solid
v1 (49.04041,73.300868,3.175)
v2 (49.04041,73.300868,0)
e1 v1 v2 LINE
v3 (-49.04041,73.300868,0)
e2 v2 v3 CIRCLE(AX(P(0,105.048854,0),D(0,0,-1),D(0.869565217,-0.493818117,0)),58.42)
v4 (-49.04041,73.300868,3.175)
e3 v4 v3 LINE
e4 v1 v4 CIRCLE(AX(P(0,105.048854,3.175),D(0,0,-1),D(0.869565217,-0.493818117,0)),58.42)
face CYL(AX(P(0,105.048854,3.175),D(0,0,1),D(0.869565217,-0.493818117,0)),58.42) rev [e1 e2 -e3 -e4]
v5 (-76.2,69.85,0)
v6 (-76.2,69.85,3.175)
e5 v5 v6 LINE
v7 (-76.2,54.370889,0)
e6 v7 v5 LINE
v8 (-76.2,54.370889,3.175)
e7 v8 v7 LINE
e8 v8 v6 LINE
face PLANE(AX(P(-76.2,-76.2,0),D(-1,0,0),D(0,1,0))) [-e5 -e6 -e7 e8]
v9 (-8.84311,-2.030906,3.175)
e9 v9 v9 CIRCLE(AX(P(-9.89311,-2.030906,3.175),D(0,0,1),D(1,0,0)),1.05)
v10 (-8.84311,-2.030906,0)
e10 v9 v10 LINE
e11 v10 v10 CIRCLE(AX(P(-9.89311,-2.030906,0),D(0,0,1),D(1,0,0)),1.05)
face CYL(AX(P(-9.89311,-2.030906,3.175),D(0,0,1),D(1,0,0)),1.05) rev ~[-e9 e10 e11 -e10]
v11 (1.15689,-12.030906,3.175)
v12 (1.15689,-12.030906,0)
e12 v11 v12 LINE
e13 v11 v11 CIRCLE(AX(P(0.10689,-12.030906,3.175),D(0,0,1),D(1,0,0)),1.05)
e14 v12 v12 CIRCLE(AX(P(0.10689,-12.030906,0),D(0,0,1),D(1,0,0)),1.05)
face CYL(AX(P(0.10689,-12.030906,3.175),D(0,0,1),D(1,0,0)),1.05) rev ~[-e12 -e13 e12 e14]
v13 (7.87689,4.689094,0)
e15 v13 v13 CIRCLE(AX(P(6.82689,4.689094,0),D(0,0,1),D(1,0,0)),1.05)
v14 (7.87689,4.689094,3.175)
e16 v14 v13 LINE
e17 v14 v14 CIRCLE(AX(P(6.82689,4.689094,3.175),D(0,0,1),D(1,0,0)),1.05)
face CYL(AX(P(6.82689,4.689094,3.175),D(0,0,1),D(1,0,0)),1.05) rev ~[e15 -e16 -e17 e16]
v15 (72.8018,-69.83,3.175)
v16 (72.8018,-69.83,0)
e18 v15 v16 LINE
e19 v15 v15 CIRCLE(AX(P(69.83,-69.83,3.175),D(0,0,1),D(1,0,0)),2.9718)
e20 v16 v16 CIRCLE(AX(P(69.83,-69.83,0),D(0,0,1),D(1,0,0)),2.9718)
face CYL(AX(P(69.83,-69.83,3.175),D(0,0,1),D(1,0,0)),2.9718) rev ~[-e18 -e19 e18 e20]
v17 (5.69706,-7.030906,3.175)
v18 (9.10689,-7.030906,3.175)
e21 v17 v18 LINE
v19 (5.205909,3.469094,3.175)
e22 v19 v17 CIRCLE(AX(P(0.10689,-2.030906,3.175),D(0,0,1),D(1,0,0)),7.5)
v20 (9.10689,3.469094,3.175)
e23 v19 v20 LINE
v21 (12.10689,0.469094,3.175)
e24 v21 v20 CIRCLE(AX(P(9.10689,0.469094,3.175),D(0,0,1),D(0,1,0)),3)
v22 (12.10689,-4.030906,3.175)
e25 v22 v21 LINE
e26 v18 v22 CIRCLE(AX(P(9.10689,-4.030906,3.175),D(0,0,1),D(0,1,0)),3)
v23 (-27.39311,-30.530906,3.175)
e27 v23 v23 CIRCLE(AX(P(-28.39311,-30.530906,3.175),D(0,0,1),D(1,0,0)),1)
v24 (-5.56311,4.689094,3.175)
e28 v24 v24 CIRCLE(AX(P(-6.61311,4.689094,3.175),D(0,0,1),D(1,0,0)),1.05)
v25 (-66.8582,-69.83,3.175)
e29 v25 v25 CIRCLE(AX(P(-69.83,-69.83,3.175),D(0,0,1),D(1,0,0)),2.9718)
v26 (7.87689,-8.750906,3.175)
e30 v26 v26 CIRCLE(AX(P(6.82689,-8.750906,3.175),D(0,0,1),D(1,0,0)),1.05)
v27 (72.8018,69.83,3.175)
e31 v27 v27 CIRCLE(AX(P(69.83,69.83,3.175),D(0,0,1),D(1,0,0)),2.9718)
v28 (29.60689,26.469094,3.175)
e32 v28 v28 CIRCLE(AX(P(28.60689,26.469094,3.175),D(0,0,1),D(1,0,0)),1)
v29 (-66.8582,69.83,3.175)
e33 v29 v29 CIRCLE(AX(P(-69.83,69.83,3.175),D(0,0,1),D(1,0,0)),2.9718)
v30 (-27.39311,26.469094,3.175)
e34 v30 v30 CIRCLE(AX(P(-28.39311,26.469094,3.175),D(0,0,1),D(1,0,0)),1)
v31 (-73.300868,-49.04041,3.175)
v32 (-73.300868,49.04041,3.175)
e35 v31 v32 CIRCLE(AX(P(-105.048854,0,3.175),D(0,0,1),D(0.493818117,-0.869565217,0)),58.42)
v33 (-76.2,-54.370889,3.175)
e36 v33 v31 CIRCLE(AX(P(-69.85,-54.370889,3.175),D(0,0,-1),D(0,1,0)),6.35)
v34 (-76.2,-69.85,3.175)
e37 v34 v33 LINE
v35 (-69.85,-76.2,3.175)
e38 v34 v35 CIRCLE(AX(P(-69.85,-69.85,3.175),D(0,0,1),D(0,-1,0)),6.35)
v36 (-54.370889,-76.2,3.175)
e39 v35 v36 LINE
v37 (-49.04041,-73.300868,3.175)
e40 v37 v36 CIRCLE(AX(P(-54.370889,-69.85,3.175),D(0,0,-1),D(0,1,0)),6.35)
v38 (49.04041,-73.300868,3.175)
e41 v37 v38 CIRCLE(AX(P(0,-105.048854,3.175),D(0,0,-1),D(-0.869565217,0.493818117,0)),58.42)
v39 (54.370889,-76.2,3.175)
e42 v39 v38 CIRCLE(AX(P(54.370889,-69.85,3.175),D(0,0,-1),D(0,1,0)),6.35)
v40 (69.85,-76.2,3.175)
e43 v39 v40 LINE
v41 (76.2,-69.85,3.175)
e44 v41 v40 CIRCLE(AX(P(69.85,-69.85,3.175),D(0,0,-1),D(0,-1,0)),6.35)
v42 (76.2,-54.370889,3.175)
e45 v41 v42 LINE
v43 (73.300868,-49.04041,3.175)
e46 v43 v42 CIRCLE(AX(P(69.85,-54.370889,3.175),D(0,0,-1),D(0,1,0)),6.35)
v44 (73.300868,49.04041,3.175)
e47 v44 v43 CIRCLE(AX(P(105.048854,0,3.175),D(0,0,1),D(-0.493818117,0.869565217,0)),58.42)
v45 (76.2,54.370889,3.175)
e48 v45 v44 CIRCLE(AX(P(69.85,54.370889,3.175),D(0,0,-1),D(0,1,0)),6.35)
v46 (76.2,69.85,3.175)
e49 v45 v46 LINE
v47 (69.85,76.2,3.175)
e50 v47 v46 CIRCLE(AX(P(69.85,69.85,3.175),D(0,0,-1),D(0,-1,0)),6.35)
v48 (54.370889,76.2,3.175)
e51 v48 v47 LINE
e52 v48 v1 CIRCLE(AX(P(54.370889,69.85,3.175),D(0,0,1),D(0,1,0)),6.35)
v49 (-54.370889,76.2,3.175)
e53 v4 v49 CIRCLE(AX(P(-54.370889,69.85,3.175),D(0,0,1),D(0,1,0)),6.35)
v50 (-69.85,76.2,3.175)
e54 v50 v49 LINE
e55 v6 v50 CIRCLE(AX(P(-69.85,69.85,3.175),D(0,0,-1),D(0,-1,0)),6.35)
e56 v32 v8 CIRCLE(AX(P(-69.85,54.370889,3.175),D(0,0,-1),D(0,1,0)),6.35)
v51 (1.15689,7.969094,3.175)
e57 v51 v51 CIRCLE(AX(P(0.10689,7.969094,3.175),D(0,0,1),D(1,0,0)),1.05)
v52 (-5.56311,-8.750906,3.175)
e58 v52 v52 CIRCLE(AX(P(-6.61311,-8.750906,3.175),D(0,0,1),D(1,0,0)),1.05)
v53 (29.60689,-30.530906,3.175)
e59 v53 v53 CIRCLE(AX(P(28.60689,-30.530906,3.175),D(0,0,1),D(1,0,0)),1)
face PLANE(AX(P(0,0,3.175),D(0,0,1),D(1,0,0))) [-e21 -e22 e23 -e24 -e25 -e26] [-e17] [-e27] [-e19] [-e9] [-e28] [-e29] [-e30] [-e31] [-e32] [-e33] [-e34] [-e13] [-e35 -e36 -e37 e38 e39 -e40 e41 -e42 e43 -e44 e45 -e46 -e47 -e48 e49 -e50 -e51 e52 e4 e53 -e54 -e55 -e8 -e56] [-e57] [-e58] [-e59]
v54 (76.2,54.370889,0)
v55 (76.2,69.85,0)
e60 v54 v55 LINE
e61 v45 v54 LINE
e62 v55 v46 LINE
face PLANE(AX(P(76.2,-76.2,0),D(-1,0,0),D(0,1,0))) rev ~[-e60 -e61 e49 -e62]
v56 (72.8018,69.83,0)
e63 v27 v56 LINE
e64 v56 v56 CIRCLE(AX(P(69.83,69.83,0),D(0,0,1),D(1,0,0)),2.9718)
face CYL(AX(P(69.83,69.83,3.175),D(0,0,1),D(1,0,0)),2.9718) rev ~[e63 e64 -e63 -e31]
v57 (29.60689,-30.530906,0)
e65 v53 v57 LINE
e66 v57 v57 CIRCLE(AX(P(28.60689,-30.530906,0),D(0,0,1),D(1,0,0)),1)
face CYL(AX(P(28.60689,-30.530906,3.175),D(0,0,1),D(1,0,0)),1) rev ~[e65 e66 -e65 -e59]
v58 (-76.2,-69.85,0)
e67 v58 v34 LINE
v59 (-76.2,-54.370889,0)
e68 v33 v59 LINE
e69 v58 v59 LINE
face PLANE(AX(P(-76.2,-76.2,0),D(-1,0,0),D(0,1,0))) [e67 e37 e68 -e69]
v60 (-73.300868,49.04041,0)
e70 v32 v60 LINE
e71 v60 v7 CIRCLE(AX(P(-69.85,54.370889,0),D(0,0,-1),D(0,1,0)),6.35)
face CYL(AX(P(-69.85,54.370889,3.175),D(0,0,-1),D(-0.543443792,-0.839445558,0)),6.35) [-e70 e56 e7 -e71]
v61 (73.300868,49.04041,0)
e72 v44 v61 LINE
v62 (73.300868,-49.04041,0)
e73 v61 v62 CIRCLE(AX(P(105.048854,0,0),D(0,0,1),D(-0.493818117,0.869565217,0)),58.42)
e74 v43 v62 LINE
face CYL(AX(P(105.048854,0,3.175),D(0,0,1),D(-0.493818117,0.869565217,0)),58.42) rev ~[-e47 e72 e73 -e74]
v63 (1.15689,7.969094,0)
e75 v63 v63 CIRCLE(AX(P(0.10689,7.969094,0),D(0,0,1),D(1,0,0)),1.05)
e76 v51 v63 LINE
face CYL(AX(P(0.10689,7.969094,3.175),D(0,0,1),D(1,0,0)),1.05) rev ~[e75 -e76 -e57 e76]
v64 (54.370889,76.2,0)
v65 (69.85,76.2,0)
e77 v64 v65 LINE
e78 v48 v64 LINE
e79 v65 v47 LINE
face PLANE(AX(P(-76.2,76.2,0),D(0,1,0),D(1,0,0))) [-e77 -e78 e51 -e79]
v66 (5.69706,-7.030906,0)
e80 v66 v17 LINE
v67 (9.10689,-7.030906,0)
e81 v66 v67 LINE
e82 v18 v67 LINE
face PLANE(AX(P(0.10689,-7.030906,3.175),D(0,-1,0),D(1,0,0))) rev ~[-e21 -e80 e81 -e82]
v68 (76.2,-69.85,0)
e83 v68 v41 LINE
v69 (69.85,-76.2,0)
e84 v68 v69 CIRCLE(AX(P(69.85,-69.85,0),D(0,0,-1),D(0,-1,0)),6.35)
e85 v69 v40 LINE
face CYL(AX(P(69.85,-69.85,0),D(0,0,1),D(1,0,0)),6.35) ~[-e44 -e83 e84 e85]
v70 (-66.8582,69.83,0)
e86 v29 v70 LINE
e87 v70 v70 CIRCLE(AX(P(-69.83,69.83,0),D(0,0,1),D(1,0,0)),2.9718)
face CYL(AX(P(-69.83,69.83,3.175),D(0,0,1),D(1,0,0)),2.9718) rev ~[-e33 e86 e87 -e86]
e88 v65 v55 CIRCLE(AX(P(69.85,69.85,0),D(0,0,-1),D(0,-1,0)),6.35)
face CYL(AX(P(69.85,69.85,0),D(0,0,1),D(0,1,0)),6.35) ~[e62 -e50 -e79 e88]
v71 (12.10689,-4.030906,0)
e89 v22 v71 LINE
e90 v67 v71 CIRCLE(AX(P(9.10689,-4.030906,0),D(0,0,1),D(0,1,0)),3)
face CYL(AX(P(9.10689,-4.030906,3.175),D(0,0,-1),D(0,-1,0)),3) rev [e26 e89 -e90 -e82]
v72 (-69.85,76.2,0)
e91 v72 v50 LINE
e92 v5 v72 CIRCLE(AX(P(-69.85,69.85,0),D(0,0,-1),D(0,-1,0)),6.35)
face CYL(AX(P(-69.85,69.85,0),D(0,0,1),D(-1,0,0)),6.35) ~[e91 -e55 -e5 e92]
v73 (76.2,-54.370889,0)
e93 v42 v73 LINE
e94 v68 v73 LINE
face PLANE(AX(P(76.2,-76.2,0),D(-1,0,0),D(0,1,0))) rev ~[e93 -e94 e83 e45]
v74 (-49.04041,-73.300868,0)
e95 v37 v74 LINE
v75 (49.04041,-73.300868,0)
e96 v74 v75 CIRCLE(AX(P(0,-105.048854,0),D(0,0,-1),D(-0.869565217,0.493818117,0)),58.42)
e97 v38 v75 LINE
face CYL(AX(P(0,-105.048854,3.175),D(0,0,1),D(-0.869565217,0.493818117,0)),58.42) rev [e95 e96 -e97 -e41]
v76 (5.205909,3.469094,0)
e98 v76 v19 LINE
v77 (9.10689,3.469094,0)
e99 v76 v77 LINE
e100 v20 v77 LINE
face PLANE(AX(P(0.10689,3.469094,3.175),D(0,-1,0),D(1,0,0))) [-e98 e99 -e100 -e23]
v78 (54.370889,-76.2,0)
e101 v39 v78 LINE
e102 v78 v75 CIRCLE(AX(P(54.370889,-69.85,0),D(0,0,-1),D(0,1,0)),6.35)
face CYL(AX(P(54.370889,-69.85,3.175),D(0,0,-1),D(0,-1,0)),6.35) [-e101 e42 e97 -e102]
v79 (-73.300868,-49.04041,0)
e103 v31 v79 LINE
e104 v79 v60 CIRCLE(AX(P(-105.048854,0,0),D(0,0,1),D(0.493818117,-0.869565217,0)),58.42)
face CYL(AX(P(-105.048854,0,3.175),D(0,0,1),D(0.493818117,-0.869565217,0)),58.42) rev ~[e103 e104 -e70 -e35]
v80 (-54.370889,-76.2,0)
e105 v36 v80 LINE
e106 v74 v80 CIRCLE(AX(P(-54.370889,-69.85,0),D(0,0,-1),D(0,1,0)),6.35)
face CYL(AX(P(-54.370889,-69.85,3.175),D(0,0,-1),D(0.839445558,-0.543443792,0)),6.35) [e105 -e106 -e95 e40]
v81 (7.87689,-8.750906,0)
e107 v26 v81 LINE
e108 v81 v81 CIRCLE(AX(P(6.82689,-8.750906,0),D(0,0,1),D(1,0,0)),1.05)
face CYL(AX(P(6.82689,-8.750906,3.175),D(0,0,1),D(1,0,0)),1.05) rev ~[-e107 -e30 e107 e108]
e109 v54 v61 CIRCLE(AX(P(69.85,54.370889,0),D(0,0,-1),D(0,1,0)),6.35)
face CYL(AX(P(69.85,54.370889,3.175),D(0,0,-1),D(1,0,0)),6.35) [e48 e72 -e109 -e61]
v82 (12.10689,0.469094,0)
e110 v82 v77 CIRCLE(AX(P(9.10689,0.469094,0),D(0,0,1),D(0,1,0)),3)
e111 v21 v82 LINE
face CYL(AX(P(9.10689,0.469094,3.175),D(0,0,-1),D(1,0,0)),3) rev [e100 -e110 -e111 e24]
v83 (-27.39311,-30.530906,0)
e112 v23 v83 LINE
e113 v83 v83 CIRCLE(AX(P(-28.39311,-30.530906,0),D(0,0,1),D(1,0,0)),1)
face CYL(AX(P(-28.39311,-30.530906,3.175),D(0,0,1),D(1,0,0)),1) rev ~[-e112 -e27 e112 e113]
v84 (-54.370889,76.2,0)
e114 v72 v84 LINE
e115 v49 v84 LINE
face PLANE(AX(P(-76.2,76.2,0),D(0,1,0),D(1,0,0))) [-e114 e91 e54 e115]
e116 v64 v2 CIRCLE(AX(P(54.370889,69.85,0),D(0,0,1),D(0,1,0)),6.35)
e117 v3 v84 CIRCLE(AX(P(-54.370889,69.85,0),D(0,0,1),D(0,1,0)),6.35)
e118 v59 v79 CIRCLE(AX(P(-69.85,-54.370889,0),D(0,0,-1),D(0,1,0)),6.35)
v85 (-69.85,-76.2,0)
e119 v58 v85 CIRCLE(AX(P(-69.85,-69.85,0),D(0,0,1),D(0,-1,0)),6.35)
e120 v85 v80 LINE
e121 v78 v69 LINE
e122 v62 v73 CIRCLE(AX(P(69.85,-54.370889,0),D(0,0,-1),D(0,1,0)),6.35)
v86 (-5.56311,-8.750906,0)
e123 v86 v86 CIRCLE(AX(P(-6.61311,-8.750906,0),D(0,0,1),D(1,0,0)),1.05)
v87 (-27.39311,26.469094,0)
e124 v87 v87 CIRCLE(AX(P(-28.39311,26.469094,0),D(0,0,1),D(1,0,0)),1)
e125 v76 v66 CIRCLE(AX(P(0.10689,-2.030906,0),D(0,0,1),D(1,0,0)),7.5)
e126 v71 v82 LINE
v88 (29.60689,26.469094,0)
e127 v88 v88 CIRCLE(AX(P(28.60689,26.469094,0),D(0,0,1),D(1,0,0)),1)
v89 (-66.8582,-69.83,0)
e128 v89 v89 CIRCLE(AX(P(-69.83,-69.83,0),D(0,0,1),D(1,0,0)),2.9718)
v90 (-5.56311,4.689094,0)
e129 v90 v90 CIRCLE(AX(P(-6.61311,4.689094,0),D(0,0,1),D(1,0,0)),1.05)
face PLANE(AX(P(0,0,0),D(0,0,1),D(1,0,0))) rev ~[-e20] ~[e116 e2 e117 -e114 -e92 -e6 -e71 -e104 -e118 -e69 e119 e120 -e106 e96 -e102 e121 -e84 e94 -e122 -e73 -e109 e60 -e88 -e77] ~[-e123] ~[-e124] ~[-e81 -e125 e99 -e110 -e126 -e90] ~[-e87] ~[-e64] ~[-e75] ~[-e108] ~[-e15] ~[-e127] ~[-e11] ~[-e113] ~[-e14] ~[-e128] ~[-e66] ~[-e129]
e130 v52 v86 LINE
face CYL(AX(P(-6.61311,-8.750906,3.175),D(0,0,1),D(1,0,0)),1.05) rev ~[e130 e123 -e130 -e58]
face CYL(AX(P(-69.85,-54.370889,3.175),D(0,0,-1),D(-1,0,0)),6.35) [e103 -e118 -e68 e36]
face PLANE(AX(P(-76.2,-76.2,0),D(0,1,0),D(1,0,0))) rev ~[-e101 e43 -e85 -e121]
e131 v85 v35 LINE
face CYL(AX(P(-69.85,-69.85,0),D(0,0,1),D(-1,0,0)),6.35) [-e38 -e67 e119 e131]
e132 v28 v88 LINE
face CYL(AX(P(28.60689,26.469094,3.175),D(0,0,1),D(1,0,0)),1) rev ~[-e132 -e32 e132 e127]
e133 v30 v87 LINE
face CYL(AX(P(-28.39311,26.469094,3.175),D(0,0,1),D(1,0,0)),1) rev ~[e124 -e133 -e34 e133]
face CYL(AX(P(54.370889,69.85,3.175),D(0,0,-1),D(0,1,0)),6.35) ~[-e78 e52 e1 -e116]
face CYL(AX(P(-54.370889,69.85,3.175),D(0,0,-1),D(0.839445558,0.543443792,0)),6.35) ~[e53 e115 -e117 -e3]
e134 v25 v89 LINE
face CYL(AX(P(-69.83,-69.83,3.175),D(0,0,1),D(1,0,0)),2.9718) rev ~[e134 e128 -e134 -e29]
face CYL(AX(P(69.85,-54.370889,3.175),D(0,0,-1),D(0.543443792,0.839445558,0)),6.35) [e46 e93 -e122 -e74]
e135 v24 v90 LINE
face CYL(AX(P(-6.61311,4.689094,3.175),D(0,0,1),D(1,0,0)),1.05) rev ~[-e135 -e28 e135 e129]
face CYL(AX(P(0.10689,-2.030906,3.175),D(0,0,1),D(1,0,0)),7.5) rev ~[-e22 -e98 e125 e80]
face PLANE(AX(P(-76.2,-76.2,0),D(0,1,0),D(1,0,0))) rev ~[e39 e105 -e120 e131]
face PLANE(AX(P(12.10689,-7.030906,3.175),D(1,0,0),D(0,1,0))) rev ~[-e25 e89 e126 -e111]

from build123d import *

# Parameters (mm, degrees)
SKETCH3_W             = 152.4
SKETCH3_H             = 152.4
BOSS_EXTRUDE3_DEPTH   = 3.175
SKETCH13_R            = 7.5
CUT_EXTRUDE5_DEPTH    = 4.175
SKETCH15_R            = 1
CUT_EXTRUDE6_DEPTH    = 4.175
SKETCH17_W            = 12
SKETCH17_H            = 10.5
CUT_EXTRUDE7_DEPTH    = 4.175
FILLET1_R             = 3
SKETCH19_R            = 1.05
CUT_EXTRUDE8_DEPTH    = 4.175
SKETCH20_R            = 2.9718
BOLT_HOLES_DEPTH      = 1
BOLT_HOLES_DEPTH_BACK = 4.175
CUT_EXTRUDE12_DEPTH   = 3.175
FILLET2_R             = 6.35
MIRROR5_COPY_1_DEPTH  = 3.175
FILLET3_R             = 6.35
FILLET4_R             = 6.35


with BuildPart() as part:
    # Sketch3 → Boss-Extrude3 (new body)
    with BuildSketch(Plane.XY):
        Rectangle(SKETCH3_W, SKETCH3_H)
    extrude(amount=BOSS_EXTRUDE3_DEPTH)

    # Sketch13 → Cut-Extrude5 (cut, through all)
    with BuildSketch(Plane(origin=(0.106889783, -2.03090588, 3.175), x_dir=(1, 0, 0), z_dir=(0, 0, 1))):
        Circle(SKETCH13_R)
    extrude(amount=-CUT_EXTRUDE5_DEPTH, mode=Mode.SUBTRACT)

    # Sketch15 → Cut-Extrude6 (cut, through all)
    with BuildSketch(Plane(origin=(0.106889783, -2.03090588, 3.175), x_dir=(1, 0, 0), z_dir=(0, 0, 1))):
        with Locations((-28.5, -28.5)):
            Circle(SKETCH15_R)
        with Locations((-28.5, 28.5)):
            Circle(SKETCH15_R)
        with Locations((28.5, -28.5)):
            Circle(SKETCH15_R)
        with Locations((28.5, 28.5)):
            Circle(SKETCH15_R)
    extrude(amount=-CUT_EXTRUDE6_DEPTH, mode=Mode.SUBTRACT)

    # Sketch17 → Cut-Extrude7 (cut, through all)
    with BuildSketch(Plane(origin=(0.106889783, -2.03090588, 3.175), x_dir=(1, 0, 0), z_dir=(0, 0, 1))):
        with Locations((6, 0.25)):
            Rectangle(SKETCH17_W, SKETCH17_H)
    extrude(amount=-CUT_EXTRUDE7_DEPTH, mode=Mode.SUBTRACT)

    # Fillet1
    fillet1_edges = [part.edges().sort_by_distance(p)[0] for p in [
        (12.106889783, -7.03090588, 1.5875),
        (12.106889783, 3.46909412, 1.5875),
    ]]
    fillet(fillet1_edges, radius=FILLET1_R)

    # Sketch19 → Cut-Extrude8 (cut, through all)
    with BuildSketch(Plane(origin=(0.106889783, -2.03090588, 3.175), x_dir=(1, 0, 0), z_dir=(0, 0, 1))):
        with Locations((6.72, 6.72)):
            Circle(SKETCH19_R)
        with Locations((-6.72, 6.72)):
            Circle(SKETCH19_R)
        with Locations((-6.72, -6.72)):
            Circle(SKETCH19_R)
        with Locations((6.72, -6.72)):
            Circle(SKETCH19_R)
        with Locations((0, 10)):
            Circle(SKETCH19_R)
        with Locations((-10, 0)):
            Circle(SKETCH19_R)
        with Locations((0, -10)):
            Circle(SKETCH19_R)
    extrude(amount=-CUT_EXTRUDE8_DEPTH, mode=Mode.SUBTRACT)

    # Sketch20 → Bolt Holes (cut, two sides)
    with BuildSketch(Plane.XY.offset(3.175)) as bolt_holes_sk:
        with Locations((-69.83, 69.83)):
            Circle(SKETCH20_R)
        with Locations((69.83, 69.83)):
            Circle(SKETCH20_R)
        with Locations((69.83, -69.83)):
            Circle(SKETCH20_R)
        with Locations((-69.83, -69.83)):
            Circle(SKETCH20_R)
    extrude(amount=BOLT_HOLES_DEPTH, mode=Mode.SUBTRACT)
    extrude(bolt_holes_sk.sketch, amount=-BOLT_HOLES_DEPTH_BACK, mode=Mode.SUBTRACT)

    # Sketch25 → Cut-Extrude12 (cut)
    with BuildSketch(Plane.XY.offset(3.175)):
        with BuildLine():
            Line((-76.2, 50.8), (-76.2, -50.8))
            ThreePointArc((-76.2, -50.8), (-46.628854397, 0), (-76.2, 50.8))
        make_face()
    cut_extrude12 = extrude(amount=-CUT_EXTRUDE12_DEPTH, mode=Mode.SUBTRACT)

    # Fillet2
    fillet2_edges = [part.edges().sort_by_distance(p)[0] for p in [
        (-76.2, -50.8, 1.5875),
        (-76.2, 50.8, 1.5875),
        (-76.2, -76.2, 1.5875),
        (-76.2, 76.2, 1.5875),
    ]]
    fillet(fillet2_edges, radius=FILLET2_R)

    # Mirror4: Cut-Extrude12 across plane
    add(cut_extrude12.mirror(Plane(origin=(0, 0, 0), x_dir=(0, 0, 1), z_dir=(0.707106781, -0.707106781, 0))), mode=Mode.SUBTRACT)

    # Mirror5: Cut-Extrude12 across plane
    add(cut_extrude12.mirror(Plane(origin=(0, 0, 0), x_dir=(0, 0, 1), z_dir=(-0.707106781, -0.707106781, 0))), mode=Mode.SUBTRACT)

    # Mirror5 copy 1 sketch → Mirror5 copy 1 (cut)
    with BuildSketch(Plane(origin=(0, 0, 3.175), x_dir=(-1, 0, 0), z_dir=(0, 0, 1))):
        with BuildLine():
            Line((-76.2, 50.8), (-76.2, -50.8))
            ThreePointArc((-76.2, -50.8), (-46.628854397, 0), (-76.2, 50.8))
        make_face()
    extrude(amount=-MIRROR5_COPY_1_DEPTH, mode=Mode.SUBTRACT)

    # Fillet3
    fillet3_edges = [part.edges().sort_by_distance(p)[0] for p in [
        (-50.8, -76.2, 1.5875),
        (50.8, -76.2, 1.5875),
        (76.2, 50.8, 1.5875),
        (76.2, -50.8, 1.5875),
        (76.2, -76.2, 1.5875),
        (76.2, 76.2, 1.5875),
    ]]
    fillet(fillet3_edges, radius=FILLET3_R)

    # Fillet4
    fillet4_edges = [part.edges().sort_by_distance(p)[0] for p in [
        (50.8, 76.2, 1.5875),
        (-50.8, 76.2, 1.5875),
    ]]
    fillet(fillet4_edges, radius=FILLET4_R)


solid = part.part
